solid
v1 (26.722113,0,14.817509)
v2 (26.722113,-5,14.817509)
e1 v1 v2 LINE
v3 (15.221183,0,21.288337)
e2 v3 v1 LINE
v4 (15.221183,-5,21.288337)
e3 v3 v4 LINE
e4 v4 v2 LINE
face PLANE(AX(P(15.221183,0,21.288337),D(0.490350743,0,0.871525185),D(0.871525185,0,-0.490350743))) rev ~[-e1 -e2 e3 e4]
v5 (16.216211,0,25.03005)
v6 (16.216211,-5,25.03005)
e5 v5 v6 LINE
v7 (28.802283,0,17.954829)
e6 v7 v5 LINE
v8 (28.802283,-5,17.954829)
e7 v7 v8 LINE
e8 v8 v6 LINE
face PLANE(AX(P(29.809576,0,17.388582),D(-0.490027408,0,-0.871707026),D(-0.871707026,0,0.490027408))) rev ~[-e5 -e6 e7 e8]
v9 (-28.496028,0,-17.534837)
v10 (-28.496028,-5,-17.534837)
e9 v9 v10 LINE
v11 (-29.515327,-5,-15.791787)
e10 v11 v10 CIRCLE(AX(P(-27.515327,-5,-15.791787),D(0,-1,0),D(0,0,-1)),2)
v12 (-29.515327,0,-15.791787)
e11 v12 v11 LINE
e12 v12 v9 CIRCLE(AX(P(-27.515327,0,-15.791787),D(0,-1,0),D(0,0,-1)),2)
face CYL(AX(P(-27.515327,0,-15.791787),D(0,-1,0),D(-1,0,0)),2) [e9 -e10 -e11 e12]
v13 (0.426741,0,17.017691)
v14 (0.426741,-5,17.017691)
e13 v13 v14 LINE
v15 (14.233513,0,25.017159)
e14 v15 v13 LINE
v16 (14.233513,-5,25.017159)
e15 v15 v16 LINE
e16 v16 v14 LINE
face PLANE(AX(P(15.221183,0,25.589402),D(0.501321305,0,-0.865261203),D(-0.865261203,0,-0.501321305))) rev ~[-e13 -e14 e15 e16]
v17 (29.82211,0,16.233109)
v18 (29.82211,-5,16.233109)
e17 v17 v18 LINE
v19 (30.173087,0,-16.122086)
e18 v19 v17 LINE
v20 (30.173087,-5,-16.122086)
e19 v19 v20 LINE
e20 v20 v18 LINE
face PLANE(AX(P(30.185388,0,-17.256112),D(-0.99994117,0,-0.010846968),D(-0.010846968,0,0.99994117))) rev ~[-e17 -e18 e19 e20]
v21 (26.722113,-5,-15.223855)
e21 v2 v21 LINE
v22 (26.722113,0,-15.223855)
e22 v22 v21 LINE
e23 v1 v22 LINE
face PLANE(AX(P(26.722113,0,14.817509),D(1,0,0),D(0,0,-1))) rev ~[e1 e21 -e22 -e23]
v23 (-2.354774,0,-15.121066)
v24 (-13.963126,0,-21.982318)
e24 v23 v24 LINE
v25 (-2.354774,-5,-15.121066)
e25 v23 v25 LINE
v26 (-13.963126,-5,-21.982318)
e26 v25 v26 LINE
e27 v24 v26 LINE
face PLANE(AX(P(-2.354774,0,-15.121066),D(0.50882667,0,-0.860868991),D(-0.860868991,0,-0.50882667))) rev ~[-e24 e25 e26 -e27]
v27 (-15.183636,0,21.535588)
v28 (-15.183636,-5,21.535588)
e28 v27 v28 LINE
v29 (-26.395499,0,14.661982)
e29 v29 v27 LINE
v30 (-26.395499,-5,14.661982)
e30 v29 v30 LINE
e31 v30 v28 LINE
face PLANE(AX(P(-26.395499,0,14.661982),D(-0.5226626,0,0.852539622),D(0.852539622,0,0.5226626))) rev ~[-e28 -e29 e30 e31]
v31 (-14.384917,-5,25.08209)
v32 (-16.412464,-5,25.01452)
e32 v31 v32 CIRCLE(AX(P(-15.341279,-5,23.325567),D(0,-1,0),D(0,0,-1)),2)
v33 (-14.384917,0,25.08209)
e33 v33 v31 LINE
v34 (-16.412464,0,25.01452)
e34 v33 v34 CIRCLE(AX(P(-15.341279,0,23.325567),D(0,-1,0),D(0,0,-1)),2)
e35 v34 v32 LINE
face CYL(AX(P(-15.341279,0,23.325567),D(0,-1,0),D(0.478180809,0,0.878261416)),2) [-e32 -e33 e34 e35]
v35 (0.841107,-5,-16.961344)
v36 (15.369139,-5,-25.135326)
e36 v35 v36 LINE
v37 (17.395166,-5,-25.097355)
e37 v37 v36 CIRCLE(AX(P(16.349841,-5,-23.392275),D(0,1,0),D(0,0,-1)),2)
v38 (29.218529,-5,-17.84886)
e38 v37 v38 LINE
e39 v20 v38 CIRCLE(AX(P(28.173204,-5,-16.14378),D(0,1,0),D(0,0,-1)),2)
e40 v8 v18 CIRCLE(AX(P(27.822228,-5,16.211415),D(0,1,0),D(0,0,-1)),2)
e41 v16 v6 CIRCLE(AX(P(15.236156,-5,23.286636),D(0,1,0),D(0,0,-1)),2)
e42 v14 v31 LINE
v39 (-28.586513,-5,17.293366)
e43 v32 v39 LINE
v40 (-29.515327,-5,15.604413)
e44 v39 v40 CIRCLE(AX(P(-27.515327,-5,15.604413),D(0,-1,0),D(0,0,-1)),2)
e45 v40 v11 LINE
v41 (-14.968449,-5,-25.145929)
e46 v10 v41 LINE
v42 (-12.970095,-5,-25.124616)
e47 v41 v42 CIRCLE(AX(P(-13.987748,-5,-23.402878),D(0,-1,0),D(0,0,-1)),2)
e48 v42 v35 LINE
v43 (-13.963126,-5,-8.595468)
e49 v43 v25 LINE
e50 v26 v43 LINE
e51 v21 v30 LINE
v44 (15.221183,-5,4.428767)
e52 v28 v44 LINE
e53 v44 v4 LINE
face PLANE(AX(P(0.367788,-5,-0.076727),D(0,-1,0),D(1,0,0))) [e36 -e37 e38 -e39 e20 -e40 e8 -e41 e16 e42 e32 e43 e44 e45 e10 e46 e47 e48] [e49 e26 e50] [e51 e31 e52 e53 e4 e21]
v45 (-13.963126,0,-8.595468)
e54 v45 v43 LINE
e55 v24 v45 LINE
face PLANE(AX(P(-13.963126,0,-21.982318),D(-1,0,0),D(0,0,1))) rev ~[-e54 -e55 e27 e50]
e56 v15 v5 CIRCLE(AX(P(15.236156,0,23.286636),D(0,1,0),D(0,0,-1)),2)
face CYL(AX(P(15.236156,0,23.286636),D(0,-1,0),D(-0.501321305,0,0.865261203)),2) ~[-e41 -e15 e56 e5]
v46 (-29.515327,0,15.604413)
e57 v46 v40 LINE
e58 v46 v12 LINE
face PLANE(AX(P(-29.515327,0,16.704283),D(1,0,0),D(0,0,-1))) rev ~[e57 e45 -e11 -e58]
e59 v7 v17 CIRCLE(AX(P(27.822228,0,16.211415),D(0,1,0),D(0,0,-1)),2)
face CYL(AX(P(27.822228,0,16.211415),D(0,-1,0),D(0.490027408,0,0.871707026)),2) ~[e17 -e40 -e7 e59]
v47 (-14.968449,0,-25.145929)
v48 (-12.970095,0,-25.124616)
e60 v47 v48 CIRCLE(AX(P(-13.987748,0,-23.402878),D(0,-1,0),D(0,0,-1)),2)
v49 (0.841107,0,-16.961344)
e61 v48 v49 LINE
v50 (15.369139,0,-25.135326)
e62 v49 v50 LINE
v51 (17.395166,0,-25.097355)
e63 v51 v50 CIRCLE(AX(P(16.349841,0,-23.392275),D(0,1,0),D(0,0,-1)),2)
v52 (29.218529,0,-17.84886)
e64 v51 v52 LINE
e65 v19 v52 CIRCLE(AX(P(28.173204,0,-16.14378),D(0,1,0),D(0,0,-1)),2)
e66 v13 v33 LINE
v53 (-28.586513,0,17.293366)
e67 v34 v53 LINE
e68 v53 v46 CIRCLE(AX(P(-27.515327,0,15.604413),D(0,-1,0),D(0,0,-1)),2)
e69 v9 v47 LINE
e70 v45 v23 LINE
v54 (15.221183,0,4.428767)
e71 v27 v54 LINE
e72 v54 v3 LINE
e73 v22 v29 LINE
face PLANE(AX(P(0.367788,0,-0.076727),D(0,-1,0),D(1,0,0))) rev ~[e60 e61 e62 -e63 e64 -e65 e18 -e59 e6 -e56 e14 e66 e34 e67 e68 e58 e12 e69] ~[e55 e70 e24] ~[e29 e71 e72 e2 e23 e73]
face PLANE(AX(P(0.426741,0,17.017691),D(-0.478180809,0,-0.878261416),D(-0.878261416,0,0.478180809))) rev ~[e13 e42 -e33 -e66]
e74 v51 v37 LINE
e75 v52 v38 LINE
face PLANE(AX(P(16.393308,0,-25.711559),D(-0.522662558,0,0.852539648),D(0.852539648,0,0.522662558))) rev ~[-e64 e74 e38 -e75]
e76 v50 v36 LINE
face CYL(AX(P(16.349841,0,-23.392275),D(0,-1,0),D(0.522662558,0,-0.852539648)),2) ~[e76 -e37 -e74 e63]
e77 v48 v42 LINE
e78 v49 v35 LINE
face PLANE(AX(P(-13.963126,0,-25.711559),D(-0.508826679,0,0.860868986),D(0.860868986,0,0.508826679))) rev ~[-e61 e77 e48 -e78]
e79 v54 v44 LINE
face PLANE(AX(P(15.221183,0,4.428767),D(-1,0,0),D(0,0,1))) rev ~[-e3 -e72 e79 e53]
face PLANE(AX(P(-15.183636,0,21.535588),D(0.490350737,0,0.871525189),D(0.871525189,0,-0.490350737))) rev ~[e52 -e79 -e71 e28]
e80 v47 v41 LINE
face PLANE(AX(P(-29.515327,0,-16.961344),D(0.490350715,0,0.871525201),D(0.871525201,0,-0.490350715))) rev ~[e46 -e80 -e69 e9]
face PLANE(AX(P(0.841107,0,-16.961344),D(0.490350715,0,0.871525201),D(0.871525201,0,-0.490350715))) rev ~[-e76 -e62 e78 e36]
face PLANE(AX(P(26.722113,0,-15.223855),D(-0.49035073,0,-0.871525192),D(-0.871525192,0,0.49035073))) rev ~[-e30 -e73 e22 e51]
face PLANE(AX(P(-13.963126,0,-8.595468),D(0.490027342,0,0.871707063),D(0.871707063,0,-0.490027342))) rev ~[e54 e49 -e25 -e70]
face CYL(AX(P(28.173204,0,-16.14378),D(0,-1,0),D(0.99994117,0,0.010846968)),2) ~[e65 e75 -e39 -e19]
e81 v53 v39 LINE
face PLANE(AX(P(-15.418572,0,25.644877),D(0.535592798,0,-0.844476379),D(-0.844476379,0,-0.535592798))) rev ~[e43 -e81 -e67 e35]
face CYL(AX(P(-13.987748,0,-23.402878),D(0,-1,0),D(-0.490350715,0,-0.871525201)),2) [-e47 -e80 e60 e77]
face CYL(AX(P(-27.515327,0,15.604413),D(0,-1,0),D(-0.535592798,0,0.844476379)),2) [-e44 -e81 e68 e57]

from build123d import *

# Parameters (mm, degrees)
F1_DEPTH = 5
F2_R     = 2


with BuildPart() as f1:
    # F0 (on Front) → F1 (new body)
    with BuildSketch(Plane.XZ):
        Polygon((15.221183, 25.589402), (0.426741, 17.017691), (-15.418572, 25.644877), (-29.515327, 16.704283), (-29.515327, -16.961344), (-13.963126, -25.711559), (0.841107, -16.961344), (16.393308, -25.711559), (30.185388, -17.256112), (29.809576, 17.388582), align=None)
        Polygon((-2.354774, -15.121066), (-13.963126, -21.982318), (-13.963126, -8.595468), align=None, mode=Mode.SUBTRACT)
        Polygon((15.221183, 4.428767), (15.221183, 21.288337), (26.722113, 14.817509), (26.722113, -15.223855), (-26.395499, 14.661982), (-15.183636, 21.535588), align=None, mode=Mode.SUBTRACT)
    extrude(amount=F1_DEPTH)

    # F2
    f2_edges = [f1.edges().sort_by_distance(p)[0] for p in [
        (15.221183, -2.5, 25.589402),
        (29.809576, -2.5, 17.388582),
        (30.185388, -2.5, -17.256112),
        (-15.418572, -2.5, 25.644877),
        (16.393308, -2.5, -25.711559),
        (-13.963126, -2.5, -25.711559),
        (-29.515327, -2.5, -16.961344),
        (-29.515327, -2.5, 16.704283),
    ]]
    fillet(f2_edges, radius=F2_R)


solid = f1.part
